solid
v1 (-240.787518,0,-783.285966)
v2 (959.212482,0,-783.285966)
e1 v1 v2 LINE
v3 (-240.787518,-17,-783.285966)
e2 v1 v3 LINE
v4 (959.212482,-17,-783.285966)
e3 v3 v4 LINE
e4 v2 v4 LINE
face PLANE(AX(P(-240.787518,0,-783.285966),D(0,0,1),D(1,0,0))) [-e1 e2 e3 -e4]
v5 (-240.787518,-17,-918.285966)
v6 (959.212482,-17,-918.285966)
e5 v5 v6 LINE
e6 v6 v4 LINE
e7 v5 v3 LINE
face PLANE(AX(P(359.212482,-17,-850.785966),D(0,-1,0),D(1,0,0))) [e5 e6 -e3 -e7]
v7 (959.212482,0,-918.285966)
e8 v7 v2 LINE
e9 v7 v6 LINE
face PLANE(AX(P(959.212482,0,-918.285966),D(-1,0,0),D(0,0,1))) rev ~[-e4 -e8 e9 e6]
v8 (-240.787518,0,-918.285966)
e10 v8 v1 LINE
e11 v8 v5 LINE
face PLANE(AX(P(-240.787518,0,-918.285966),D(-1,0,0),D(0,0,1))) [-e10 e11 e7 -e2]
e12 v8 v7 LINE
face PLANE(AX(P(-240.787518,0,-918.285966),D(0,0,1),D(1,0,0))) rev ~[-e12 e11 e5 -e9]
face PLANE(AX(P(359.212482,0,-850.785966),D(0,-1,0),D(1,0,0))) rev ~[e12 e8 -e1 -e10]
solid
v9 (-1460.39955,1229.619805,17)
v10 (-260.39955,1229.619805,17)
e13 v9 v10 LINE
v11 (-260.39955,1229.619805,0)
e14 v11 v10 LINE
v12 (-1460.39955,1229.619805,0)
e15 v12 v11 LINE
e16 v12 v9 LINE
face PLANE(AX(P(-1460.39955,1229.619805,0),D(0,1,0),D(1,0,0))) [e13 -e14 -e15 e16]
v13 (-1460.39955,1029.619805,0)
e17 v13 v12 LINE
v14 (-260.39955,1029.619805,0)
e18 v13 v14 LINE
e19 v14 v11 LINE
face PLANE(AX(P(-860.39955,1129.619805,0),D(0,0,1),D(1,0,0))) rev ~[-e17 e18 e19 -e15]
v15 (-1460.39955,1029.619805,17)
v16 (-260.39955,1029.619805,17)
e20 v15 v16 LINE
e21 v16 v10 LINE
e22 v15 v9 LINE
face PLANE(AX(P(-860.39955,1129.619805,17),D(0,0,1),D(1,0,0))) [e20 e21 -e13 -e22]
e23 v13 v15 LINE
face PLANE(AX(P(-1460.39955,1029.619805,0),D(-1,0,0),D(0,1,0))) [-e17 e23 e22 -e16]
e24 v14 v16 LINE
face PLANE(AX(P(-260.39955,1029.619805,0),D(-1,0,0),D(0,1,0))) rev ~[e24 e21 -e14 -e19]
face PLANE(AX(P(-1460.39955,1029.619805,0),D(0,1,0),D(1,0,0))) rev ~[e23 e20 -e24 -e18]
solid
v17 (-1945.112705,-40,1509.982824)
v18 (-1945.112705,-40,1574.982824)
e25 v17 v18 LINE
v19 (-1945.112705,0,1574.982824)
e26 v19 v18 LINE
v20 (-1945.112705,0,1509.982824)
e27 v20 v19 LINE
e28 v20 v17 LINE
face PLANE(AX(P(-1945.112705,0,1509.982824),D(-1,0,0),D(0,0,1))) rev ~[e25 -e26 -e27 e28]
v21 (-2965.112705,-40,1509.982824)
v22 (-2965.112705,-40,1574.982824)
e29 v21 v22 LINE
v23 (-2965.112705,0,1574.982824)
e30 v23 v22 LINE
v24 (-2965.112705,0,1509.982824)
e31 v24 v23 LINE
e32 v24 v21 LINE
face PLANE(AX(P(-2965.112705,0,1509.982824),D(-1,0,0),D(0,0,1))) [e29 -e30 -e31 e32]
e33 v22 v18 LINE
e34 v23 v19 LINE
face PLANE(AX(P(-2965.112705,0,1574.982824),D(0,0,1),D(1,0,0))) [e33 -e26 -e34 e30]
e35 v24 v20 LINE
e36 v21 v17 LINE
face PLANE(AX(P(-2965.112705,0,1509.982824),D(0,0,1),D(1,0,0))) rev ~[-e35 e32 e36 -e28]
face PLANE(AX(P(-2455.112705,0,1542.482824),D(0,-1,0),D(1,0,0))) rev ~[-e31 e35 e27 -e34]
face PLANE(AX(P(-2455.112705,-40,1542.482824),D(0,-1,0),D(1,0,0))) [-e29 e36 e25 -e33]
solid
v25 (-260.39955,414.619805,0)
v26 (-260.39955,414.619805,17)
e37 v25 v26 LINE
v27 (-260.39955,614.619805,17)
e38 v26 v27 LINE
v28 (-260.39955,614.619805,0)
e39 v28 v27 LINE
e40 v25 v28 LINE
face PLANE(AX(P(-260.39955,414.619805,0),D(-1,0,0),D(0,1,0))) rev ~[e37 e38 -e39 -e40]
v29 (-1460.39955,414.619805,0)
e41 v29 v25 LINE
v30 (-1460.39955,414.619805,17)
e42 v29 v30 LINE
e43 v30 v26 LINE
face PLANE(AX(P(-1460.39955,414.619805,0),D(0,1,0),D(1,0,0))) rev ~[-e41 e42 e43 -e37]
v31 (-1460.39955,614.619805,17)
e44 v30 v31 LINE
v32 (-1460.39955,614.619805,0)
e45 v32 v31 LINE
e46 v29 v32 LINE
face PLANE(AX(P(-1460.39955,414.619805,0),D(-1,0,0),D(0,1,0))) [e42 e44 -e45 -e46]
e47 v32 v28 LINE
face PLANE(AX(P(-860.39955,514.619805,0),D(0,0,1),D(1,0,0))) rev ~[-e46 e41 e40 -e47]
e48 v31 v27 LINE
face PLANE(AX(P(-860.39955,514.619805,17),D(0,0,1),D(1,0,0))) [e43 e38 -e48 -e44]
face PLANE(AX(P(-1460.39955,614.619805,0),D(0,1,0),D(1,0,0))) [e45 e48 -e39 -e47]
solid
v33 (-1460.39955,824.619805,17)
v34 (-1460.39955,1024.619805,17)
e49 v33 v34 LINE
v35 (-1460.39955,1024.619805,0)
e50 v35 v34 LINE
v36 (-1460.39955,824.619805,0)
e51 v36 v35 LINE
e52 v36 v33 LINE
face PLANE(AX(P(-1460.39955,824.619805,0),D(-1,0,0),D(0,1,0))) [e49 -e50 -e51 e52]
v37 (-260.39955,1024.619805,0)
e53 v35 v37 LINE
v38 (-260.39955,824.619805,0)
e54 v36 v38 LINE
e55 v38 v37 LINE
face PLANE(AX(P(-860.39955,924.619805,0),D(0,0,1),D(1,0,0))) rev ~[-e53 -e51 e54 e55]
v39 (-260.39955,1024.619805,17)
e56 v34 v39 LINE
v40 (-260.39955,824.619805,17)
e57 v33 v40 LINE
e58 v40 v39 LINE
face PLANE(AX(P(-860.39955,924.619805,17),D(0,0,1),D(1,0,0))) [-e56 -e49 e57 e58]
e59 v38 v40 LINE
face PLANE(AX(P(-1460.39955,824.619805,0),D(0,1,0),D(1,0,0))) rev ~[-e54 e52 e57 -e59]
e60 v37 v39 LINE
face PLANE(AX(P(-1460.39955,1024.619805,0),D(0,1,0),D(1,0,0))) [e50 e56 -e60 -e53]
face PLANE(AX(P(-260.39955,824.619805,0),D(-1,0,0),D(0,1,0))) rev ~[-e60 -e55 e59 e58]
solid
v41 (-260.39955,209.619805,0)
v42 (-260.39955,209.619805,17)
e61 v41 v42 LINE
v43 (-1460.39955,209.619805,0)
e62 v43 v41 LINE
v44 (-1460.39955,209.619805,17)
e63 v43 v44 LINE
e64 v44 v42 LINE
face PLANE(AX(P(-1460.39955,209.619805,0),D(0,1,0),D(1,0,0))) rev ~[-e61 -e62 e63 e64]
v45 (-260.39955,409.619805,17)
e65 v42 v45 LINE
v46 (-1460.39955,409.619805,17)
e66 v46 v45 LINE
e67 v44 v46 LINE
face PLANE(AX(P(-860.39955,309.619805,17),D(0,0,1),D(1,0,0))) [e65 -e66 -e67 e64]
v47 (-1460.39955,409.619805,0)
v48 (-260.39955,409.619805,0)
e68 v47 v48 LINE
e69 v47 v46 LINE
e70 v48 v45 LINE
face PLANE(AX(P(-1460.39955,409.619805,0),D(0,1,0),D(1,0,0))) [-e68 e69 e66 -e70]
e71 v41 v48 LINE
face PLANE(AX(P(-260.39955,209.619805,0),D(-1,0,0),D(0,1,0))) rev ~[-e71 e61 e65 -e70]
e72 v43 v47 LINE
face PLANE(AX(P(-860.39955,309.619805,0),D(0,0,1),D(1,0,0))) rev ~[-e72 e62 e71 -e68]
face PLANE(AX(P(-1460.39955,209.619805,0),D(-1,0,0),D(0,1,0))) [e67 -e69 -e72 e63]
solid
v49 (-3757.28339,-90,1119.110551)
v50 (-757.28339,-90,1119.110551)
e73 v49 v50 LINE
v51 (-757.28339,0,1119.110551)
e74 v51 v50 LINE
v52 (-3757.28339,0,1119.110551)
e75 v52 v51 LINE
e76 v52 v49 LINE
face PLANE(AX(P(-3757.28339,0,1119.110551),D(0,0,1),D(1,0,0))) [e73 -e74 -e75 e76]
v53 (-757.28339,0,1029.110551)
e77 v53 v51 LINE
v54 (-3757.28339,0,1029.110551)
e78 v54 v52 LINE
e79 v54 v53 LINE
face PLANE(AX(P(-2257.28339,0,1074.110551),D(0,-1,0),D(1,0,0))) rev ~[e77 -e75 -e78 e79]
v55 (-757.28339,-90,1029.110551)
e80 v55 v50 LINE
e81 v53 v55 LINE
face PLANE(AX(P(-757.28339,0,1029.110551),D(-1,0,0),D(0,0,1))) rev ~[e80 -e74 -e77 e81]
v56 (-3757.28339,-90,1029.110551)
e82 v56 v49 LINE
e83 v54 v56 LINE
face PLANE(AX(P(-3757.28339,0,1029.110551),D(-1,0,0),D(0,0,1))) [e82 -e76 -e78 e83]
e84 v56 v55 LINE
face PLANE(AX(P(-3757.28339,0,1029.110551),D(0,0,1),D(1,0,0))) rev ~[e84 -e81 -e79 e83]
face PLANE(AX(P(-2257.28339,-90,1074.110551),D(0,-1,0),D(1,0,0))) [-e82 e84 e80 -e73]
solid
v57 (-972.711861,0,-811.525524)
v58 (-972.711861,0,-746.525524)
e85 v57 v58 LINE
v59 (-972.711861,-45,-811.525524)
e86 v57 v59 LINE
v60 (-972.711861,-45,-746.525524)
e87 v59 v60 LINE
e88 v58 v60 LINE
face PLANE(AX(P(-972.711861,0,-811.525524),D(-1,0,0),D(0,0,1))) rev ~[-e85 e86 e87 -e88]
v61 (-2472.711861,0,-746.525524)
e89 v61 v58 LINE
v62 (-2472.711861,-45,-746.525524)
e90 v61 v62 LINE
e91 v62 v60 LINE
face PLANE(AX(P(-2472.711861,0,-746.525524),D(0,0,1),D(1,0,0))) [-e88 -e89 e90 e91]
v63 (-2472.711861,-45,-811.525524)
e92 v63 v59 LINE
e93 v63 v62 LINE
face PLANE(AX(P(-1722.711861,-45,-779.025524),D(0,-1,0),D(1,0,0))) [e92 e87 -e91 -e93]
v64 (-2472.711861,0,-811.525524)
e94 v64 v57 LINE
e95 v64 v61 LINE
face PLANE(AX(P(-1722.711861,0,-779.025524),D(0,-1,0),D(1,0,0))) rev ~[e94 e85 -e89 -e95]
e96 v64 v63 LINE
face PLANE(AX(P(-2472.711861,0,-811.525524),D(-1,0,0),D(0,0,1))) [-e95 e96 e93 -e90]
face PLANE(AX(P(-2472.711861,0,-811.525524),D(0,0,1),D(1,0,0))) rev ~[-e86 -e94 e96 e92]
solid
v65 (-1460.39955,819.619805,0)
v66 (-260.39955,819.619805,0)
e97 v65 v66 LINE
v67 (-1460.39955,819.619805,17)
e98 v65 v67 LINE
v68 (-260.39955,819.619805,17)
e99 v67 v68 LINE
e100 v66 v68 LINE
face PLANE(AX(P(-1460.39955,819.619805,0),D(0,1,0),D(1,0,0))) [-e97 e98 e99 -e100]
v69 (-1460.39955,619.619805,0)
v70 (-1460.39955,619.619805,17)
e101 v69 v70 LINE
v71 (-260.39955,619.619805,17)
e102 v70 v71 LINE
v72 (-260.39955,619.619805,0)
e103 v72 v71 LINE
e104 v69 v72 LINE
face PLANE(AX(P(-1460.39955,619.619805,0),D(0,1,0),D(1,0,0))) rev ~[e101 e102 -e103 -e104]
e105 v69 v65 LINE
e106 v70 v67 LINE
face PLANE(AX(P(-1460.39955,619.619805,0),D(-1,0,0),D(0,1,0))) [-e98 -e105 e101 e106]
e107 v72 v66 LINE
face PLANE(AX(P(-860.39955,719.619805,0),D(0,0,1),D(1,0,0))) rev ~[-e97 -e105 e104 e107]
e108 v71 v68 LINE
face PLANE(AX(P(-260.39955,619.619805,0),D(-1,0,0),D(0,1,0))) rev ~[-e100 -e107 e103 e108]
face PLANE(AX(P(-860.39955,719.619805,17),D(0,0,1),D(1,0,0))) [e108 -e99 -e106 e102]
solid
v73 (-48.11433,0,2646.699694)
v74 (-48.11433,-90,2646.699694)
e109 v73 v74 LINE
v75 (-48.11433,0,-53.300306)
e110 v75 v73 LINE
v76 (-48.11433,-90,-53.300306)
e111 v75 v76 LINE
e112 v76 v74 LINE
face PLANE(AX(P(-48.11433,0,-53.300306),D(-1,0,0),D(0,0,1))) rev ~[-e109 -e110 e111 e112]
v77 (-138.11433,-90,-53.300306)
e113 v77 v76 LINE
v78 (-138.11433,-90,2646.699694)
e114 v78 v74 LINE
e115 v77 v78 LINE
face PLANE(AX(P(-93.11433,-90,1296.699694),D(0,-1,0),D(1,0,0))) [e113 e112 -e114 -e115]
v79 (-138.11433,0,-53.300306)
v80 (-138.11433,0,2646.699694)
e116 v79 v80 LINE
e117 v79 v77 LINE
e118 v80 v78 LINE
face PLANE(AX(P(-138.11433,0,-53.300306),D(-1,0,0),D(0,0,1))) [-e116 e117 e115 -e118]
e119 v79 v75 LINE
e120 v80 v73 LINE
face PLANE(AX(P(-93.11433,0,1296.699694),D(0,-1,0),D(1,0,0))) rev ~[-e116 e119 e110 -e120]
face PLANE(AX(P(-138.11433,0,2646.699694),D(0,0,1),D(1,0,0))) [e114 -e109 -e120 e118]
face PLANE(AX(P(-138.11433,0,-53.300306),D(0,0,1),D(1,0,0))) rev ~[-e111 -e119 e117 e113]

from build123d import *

# Parameters (mm, degrees)
F0_W      = 90
F0_H      = 2700
F1_DEPTH  = 90
F2_W      = 3000
F2_H      = 90
F3_DEPTH  = 90
F4_W      = 1500
F4_H      = 65
F5_DEPTH  = 45
F6_W      = 1200
F6_H      = 135
F7_DEPTH  = 17
F8_W      = 1020
F8_H      = 65
F9_DEPTH  = 40
F10_W     = 1200
F10_H     = 200
F11_DEPTH = 17


with BuildPart() as f1:
    # F0 (on Front) → F1 (new body)
    with BuildSketch(Plane.XZ):
        with Locations((-93.11433, 1296.699694)):
            Rectangle(F0_W, F0_H)
    extrude(amount=F1_DEPTH)


with BuildPart() as f3:
    # F2 (on Front) → F3 (new body)
    with BuildSketch(Plane.XZ):
        with Locations((-2257.28339, 1074.110551)):
            Rectangle(F2_W, F2_H)
    extrude(amount=F3_DEPTH)


with BuildPart() as f5:
    # F4 (on Front) → F5 (new body)
    with BuildSketch(Plane.XZ):
        with Locations((-1722.711861, -779.025524)):
            Rectangle(F4_W, F4_H)
    extrude(amount=F5_DEPTH)


with BuildPart() as f7:
    # F6 (on Front) → F7 (new body)
    with BuildSketch(Plane.XZ):
        with Locations((359.212482, -850.785966)):
            Rectangle(F6_W, F6_H)
    extrude(amount=F7_DEPTH)


with BuildPart() as f9:
    # F8 (on Front) → F9 (new body)
    with BuildSketch(Plane.XZ):
        with Locations((-2455.112705, 1542.482824)):
            Rectangle(F8_W, F8_H)
    extrude(amount=F9_DEPTH)


with BuildPart() as f11:
    # F10 (on Top) → F11 (new body)
    with BuildSketch(Plane.XY):
        with Locations((-860.39955, 924.619805)):
            Rectangle(F10_W, F10_H)
        with Locations((-860.39955, 1129.619805)):
            Rectangle(F10_W, F10_H)
        with Locations((-860.39955, 719.619805)):
            Rectangle(F10_W, F10_H)
        with Locations((-860.39955, 514.619805)):
            Rectangle(F10_W, F10_H)
        with Locations((-860.39955, 309.619805)):
            Rectangle(F10_W, F10_H)
    extrude(amount=F11_DEPTH)


solid = Compound([f1.part, f3.part, f5.part, f7.part, f9.part, f11.part])
